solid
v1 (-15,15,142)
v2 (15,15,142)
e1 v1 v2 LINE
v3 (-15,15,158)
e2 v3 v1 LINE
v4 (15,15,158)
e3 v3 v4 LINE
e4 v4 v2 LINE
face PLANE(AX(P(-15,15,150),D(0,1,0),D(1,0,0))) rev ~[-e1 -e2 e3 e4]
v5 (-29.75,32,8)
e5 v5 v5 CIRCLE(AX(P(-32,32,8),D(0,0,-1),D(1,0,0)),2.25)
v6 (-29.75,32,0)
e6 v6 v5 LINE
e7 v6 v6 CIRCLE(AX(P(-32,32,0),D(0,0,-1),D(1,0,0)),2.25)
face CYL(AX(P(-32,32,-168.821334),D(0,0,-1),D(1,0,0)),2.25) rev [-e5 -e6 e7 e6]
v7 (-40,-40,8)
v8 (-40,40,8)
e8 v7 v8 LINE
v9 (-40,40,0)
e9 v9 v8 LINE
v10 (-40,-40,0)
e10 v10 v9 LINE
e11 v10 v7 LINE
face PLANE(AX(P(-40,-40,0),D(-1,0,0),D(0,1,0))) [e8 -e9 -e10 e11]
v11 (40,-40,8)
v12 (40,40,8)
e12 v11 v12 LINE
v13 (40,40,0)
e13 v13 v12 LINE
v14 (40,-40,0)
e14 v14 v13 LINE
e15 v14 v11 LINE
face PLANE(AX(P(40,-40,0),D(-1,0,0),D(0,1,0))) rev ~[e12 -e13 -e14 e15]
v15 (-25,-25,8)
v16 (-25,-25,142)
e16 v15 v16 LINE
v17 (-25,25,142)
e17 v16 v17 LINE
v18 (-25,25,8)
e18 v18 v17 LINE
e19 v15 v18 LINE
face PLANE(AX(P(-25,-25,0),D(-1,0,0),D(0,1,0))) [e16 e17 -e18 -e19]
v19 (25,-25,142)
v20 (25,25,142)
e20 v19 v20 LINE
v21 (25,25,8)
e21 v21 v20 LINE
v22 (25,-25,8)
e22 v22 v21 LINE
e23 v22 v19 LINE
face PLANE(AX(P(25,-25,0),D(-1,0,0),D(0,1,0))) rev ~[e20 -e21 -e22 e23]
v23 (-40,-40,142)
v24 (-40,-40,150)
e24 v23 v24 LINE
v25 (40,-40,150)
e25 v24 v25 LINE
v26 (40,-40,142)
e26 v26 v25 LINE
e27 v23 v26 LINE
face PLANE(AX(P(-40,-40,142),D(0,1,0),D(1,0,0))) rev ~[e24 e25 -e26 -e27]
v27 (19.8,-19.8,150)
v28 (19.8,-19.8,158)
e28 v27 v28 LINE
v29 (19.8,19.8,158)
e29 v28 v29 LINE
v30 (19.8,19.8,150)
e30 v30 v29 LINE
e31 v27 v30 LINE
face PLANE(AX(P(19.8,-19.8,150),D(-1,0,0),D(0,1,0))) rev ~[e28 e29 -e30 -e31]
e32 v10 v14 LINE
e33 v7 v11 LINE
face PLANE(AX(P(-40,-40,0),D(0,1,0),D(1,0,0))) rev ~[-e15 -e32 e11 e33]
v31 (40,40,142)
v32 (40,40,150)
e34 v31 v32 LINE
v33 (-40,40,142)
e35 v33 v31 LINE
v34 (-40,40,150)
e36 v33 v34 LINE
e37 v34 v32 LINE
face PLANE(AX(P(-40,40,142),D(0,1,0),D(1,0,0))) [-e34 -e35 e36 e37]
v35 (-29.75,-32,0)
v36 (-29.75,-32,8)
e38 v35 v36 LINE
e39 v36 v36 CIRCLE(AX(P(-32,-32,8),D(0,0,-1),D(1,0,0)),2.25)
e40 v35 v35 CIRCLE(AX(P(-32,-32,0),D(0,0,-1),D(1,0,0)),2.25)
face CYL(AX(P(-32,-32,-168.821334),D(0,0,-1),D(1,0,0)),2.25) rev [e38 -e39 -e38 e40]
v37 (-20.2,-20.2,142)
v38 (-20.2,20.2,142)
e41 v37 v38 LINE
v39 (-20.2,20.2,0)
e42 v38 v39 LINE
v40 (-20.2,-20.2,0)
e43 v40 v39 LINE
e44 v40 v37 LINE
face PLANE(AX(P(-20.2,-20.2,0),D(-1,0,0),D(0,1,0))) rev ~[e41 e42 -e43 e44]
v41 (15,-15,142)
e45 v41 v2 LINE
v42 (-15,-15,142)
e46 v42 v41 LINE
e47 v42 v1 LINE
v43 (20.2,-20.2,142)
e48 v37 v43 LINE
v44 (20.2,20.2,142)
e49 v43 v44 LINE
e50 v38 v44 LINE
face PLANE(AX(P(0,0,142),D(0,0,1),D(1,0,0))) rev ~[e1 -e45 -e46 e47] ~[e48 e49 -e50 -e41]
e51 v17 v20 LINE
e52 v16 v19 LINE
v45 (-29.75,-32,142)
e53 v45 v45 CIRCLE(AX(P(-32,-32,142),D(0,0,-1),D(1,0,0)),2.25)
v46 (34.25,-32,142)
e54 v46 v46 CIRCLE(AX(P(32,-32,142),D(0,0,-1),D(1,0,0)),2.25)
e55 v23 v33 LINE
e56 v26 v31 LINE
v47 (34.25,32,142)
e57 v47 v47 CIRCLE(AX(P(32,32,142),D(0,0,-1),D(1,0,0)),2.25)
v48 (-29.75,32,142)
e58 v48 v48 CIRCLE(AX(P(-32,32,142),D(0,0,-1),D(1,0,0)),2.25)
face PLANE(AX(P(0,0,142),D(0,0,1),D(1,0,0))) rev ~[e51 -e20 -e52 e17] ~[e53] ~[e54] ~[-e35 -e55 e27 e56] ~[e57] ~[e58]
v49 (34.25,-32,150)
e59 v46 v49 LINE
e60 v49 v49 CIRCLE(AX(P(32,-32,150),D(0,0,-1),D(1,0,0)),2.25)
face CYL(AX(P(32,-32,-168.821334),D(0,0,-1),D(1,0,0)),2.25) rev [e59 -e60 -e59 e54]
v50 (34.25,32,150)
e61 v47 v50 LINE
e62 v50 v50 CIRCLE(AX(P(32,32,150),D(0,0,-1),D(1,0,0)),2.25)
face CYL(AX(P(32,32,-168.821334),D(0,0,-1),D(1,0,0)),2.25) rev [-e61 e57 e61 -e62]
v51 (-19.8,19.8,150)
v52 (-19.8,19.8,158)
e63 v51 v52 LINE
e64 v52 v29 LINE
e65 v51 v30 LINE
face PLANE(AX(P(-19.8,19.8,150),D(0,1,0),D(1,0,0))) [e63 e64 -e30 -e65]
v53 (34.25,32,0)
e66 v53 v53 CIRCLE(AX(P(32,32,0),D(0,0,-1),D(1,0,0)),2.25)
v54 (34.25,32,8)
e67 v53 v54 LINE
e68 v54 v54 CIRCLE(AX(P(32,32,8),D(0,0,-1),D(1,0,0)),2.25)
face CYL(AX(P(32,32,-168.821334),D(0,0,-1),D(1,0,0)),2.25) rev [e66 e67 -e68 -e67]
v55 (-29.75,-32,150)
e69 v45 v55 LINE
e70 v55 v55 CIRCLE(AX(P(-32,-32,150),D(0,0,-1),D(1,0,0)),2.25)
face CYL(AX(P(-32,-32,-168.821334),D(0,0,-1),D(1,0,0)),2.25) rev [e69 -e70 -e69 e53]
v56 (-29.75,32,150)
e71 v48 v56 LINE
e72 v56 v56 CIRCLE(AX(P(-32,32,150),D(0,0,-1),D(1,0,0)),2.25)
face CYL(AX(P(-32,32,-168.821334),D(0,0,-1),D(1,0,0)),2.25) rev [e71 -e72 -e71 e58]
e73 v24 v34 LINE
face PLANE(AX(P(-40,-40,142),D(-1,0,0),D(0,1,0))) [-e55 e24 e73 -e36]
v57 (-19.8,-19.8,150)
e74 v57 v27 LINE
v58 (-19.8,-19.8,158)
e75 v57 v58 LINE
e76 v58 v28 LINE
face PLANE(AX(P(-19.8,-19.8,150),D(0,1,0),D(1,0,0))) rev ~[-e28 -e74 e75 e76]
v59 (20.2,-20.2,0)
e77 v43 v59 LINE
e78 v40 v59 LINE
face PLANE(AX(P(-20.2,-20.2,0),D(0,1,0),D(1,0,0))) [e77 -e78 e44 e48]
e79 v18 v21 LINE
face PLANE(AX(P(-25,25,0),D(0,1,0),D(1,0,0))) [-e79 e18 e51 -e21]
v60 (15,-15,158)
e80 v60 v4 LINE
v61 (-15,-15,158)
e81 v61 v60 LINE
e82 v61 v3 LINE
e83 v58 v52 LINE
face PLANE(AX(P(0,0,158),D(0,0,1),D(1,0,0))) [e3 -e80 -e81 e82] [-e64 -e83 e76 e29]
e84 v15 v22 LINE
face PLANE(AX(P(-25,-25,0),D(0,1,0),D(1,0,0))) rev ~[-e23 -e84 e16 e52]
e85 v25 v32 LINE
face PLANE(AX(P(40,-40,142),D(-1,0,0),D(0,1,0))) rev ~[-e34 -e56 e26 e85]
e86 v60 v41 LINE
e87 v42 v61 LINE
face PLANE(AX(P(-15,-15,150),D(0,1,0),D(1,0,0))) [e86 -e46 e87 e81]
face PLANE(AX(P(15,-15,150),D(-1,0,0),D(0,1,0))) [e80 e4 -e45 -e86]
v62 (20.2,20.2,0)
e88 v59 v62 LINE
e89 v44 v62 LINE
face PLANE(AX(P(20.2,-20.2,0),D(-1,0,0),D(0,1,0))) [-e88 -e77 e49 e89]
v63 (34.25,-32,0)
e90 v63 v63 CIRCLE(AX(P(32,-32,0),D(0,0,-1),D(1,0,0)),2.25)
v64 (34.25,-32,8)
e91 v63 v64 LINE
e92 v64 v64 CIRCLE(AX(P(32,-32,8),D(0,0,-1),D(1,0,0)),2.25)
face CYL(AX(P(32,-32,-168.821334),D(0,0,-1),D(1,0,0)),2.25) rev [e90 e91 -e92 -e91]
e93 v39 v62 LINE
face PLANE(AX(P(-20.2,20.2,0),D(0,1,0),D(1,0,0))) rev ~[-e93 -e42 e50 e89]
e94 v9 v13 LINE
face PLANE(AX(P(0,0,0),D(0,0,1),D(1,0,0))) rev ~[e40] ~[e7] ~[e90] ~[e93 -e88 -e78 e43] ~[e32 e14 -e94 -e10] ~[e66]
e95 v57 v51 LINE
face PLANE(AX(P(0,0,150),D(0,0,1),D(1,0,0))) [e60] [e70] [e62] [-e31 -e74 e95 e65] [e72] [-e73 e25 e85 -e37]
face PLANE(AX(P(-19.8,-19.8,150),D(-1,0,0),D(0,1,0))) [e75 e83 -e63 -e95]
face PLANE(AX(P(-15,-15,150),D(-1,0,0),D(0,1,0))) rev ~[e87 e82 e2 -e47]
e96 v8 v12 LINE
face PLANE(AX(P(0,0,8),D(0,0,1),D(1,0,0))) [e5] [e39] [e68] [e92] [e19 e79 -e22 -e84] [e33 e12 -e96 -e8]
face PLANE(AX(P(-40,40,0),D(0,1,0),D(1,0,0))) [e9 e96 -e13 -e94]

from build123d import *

# Parameters (mm, degrees)
SKETCH_1_W                = 50
SKETCH_1_H                = 50
SKETCH_1_W_2              = 40.4
SKETCH_1_H_2              = 40.4
EXTRUDE_50_4P8_DEPTH      = 150
SKETCH_2_W                = 80
SKETCH_2_H                = 80
SKETCH_2_W_2              = 40.4
SKETCH_2_H_2              = 40.4
EXTRUDE_379_DEPTH         = 8
EXTRUDE_START             = 142
SKETCH_3_W                = 80
SKETCH_3_H                = 80
SKETCH_3_W_2              = 30
SKETCH_3_H_2              = 30
EXTRUDE_483_DEPTH         = 8
EXTRUDE_START_2           = 150
SKETCH_4_W                = 39.6
SKETCH_4_H                = 39.6
SKETCH_4_W_2              = 30
SKETCH_4_H_2              = 30
EXTRUDE_39P6_DEPTH        = 8
CUT_EXTRUDE_M4_DEPTH      = 168.821333566
CUT_EXTRUDE_M4_DEPTH_BACK = 168.821333566
SKETCH_5_R                = 2.25


with BuildPart() as part:
    # 草图1 → 50方管壁厚4p8 (new body)
    with BuildSketch(Plane.XY):
        Rectangle(SKETCH_1_W, SKETCH_1_H)
        Rectangle(SKETCH_1_W_2, SKETCH_1_H_2, mode=Mode.SUBTRACT)
    extrude(amount=EXTRUDE_50_4P8_DEPTH)

    # 草图2 → Extrude 379 (add)
    with BuildSketch(Plane.XY):
        Rectangle(SKETCH_2_W, SKETCH_2_H)
        Rectangle(SKETCH_2_W_2, SKETCH_2_H_2, mode=Mode.SUBTRACT)
    extrude(amount=EXTRUDE_379_DEPTH)

    # 草图3 → Extrude 483 (add)
    with BuildSketch(Plane.XY.offset(EXTRUDE_START)):
        Rectangle(SKETCH_3_W, SKETCH_3_H)
        Rectangle(SKETCH_3_W_2, SKETCH_3_H_2, mode=Mode.SUBTRACT)
    extrude(amount=EXTRUDE_483_DEPTH)

    # 草图4 → 定位凸台39p6 (add)
    with BuildSketch(Plane.XY.offset(EXTRUDE_START_2)):
        Rectangle(SKETCH_4_W, SKETCH_4_H)
        Rectangle(SKETCH_4_W_2, SKETCH_4_H_2, mode=Mode.SUBTRACT)
    extrude(amount=EXTRUDE_39P6_DEPTH)

    # 草图5 → 四个M4法兰通孔 (cut, two sides: drawn at the far end of the back side and taken through both)
    with BuildSketch(Plane.XY.offset(-CUT_EXTRUDE_M4_DEPTH_BACK)):
        with Locations((-32, -32)):
            Circle(SKETCH_5_R)
        with Locations((-32, 32)):
            Circle(SKETCH_5_R)
        with Locations((32, -32)):
            Circle(SKETCH_5_R)
        with Locations((32, 32)):
            Circle(SKETCH_5_R)
    extrude(amount=CUT_EXTRUDE_M4_DEPTH + CUT_EXTRUDE_M4_DEPTH_BACK, mode=Mode.SUBTRACT)


solid = part.part
